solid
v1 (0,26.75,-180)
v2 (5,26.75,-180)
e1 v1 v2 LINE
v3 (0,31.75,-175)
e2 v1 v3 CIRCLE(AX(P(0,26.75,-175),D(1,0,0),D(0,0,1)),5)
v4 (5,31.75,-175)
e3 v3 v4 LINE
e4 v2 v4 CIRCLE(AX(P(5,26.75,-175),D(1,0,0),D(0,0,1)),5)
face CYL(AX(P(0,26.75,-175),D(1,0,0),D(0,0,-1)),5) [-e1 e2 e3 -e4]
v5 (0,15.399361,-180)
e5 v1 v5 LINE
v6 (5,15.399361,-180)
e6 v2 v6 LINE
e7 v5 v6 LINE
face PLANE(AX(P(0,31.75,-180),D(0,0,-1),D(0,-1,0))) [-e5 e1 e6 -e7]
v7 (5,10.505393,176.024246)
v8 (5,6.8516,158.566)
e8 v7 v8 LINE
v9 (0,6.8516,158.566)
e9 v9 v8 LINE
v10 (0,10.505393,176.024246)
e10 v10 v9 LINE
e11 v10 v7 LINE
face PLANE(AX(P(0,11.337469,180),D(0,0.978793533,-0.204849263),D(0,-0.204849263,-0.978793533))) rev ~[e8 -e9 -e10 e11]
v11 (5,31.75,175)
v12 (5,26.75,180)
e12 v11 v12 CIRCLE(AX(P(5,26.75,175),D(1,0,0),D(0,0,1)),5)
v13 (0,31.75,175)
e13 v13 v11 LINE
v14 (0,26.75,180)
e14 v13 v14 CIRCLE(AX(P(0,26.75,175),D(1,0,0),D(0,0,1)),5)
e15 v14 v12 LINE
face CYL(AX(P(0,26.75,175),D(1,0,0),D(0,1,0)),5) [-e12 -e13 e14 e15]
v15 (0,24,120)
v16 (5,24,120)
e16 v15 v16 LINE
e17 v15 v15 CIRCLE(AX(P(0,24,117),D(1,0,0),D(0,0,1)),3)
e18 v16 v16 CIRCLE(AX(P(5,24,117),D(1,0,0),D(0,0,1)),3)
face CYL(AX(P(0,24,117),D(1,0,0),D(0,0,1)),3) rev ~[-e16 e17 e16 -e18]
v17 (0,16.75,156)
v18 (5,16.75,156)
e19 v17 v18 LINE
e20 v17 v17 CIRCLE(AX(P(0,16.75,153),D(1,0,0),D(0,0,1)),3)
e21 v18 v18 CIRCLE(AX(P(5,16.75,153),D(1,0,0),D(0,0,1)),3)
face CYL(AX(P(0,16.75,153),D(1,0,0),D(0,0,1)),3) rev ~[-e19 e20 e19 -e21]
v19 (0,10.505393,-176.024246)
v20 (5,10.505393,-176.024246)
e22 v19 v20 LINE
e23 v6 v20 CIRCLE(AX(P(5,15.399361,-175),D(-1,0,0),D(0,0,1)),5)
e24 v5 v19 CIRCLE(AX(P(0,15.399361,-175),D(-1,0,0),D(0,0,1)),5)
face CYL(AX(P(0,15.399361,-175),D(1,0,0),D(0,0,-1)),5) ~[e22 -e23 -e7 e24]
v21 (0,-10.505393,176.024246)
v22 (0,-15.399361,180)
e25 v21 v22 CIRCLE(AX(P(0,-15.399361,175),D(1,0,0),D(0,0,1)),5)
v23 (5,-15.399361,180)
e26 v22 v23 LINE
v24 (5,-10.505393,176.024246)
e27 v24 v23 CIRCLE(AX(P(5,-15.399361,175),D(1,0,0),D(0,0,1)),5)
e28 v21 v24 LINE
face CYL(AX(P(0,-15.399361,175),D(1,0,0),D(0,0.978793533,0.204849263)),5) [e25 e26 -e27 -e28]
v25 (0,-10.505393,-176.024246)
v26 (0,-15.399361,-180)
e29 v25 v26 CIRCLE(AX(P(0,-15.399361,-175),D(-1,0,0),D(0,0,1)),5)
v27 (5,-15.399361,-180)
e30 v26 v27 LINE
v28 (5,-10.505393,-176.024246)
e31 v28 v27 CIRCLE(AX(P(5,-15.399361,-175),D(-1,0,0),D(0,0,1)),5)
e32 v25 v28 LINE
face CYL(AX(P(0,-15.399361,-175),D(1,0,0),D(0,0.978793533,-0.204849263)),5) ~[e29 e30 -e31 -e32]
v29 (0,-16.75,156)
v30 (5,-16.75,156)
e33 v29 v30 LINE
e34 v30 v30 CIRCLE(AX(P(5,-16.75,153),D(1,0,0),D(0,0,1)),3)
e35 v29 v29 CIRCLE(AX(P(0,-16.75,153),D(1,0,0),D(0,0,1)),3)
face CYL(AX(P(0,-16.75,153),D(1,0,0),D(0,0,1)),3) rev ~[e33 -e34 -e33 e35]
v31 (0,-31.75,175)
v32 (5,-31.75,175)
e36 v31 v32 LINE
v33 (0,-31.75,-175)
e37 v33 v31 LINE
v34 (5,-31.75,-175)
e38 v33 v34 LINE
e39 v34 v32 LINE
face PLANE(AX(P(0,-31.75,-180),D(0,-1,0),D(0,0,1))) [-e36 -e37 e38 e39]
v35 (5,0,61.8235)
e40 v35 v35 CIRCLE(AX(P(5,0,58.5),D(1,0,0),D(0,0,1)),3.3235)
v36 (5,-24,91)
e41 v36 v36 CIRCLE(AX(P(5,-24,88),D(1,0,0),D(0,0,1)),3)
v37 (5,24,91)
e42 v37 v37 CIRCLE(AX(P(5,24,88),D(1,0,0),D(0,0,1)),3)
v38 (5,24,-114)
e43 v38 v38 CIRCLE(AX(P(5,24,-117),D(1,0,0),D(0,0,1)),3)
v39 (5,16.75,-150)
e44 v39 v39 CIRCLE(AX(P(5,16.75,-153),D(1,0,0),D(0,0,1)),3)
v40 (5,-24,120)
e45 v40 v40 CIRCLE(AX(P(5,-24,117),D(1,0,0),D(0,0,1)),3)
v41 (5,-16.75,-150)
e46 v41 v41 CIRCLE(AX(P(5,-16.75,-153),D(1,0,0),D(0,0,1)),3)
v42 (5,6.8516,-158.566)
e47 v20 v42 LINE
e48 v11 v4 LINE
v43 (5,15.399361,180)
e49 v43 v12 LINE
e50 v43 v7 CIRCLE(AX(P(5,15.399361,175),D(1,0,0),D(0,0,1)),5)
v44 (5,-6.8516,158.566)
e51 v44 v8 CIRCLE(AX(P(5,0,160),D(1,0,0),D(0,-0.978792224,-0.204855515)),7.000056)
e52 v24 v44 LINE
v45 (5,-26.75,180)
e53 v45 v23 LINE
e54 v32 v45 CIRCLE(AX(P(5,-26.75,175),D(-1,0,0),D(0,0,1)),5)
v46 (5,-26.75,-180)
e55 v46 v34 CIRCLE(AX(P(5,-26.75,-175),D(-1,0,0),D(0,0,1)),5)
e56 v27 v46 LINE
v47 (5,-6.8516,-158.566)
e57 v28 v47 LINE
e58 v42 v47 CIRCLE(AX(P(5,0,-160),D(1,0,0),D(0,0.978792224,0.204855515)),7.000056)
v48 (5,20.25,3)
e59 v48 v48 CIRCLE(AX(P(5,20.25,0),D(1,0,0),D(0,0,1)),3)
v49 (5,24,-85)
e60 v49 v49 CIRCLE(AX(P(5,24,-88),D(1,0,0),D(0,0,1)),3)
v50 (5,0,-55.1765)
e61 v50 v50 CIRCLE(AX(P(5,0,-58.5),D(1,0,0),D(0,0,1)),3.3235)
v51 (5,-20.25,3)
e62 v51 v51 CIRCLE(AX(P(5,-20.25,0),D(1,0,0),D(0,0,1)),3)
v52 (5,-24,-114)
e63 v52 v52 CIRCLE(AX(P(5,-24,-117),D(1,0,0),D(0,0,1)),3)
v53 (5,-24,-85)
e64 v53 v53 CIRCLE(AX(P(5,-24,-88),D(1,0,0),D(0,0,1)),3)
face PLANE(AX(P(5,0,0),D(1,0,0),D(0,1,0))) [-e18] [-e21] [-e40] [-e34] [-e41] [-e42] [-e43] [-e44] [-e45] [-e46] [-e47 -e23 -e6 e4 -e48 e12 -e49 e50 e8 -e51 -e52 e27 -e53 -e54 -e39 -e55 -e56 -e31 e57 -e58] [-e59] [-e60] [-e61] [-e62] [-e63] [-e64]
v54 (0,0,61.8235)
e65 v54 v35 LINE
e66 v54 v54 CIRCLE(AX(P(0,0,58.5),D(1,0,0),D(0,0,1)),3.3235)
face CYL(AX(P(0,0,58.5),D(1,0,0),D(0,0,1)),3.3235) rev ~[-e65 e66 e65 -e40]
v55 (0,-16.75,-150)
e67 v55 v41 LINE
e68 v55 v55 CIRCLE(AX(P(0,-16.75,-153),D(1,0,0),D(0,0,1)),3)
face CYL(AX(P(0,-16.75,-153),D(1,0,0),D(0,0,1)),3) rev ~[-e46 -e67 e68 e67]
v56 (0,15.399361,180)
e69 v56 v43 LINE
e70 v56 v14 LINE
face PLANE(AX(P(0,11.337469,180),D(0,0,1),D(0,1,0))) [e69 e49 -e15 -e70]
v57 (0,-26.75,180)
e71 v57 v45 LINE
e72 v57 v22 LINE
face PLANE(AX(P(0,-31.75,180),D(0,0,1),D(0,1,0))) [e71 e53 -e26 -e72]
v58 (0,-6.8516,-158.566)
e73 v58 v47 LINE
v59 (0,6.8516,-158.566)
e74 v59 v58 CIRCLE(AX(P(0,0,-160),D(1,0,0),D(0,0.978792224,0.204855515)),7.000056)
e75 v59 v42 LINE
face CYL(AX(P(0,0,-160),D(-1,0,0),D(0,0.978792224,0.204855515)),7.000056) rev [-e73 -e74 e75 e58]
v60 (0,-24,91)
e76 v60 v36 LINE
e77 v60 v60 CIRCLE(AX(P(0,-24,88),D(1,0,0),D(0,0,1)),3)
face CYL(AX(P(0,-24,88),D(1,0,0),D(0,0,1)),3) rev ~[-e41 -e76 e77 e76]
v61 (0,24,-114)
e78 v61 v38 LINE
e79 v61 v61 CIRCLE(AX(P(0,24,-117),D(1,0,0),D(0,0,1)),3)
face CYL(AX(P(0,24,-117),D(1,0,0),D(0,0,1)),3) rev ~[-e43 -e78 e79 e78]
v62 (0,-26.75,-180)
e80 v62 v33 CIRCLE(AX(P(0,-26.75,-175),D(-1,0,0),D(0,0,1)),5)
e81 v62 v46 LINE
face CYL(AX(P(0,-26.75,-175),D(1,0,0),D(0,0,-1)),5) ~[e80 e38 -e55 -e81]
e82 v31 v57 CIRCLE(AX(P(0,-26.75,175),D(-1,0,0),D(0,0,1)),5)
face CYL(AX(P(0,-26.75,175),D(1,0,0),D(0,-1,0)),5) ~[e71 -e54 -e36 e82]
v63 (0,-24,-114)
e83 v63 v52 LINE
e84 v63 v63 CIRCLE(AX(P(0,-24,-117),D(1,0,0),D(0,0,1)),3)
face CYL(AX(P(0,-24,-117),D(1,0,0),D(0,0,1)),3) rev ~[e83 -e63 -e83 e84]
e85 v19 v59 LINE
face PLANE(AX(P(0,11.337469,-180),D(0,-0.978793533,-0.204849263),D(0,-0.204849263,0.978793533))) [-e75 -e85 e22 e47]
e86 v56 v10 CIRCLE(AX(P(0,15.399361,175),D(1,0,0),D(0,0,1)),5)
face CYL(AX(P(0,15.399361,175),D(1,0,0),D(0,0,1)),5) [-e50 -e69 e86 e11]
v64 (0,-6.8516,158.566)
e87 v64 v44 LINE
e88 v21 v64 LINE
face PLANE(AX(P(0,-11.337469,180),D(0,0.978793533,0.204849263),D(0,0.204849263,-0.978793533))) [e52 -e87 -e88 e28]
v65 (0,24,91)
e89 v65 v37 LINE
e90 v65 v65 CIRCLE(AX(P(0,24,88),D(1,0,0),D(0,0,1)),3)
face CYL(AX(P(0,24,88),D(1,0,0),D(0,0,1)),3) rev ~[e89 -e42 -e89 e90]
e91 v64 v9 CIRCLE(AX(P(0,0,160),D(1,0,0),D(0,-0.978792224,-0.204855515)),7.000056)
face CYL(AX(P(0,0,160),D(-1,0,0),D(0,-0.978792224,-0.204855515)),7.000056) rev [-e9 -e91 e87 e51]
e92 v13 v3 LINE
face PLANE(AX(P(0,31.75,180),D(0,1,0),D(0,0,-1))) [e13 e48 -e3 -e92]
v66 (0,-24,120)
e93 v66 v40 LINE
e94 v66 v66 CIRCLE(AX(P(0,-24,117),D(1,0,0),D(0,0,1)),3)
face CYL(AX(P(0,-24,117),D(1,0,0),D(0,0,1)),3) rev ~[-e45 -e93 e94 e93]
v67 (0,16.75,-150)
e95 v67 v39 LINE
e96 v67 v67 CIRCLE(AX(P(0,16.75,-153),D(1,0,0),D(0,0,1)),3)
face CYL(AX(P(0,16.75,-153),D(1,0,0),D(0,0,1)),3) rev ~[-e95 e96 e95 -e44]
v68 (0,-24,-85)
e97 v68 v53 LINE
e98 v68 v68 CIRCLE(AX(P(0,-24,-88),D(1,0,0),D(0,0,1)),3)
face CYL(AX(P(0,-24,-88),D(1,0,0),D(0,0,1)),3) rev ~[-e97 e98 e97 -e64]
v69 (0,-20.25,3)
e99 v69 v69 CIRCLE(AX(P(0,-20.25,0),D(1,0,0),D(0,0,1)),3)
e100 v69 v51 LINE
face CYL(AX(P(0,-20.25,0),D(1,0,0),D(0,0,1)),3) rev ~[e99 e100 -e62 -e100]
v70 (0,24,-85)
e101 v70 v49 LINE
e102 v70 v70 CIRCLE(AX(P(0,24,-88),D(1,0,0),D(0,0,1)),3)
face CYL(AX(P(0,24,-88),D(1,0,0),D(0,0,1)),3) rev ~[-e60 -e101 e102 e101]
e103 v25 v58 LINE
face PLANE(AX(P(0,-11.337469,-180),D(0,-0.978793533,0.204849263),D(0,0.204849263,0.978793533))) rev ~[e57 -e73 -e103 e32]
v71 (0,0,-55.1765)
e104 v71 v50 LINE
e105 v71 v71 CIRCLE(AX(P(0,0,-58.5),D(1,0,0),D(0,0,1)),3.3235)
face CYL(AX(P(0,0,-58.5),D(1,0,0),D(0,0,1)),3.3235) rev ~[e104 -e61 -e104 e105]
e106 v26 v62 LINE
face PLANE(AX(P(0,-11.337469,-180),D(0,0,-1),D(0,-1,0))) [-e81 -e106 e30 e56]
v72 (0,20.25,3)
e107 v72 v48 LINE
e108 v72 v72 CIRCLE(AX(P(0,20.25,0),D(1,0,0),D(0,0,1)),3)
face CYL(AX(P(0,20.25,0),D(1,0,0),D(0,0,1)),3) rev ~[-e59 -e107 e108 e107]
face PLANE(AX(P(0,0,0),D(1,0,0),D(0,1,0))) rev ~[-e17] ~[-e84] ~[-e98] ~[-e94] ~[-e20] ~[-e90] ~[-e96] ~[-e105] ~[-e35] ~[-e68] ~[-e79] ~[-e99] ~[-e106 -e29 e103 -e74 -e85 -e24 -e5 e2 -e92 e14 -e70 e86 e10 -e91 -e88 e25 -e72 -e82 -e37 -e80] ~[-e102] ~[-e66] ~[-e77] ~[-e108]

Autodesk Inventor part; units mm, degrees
ref_plane "YZ Plane" through (0, 0, 0) normal (1, 0, 0) x (0, 1, 0)
ref_plane "XZ Plane" through (0, 0, 0) normal (0, 1, 0) x (-1, 0, 0)
ref_plane "XY Plane" through (0, 0, 0) normal (0, 0, 1) x (1, 0, 0)
sketch "Sketch1" plane through (0, 0, 0) normal (1, 0, 0) x (0, 1, 0)
  line L0 (31.75, -180) -> (-31.75, -180)
  line L1 (-31.75, -180) -> (-31.75, 180)
  line L2 (-31.75, 180) -> (31.75, 180)
  line L3 (31.75, 180) -> (31.75, -180)
  line L4 (31.75, -180) -> (-31.75, 180) construction
  line L5 (-31.75, -180) -> (31.75, 180) construction
  line L6 (-31.75, 0) -> (31.75, 0) construction
  line L7 (0, 180) -> (0, -180) construction
  line L8 (24, -88) -> (-24, -88) construction
  line L9 (24, -117) -> (-24, -117) construction
  line L10 (16.75, -153) -> (-16.75, -153) construction
  line L11 (24, 88) -> (-24, 88) construction
  line L12 (24, 117) -> (-24, 117) construction
  line L13 (16.75, 153) -> (-16.75, 153) construction
  line L14 (24, -117) -> (24, -88) construction
  arc A0 (-6.8516, 158.566) -> (6.8516, 158.566) centre (0, 160) ccw
  line L15 (-15, 197.5) -> (15, 197.5)
  line L16 (15, 197.5) -> (6.8516, 158.566)
  line L17 (-15, 197.5) -> (-6.8516, 158.566)
  arc A1 (6.8516, -158.566) -> (-6.8516, -158.566) centre (0, -160) ccw
  line L18 (-15, -197.5) -> (15, -197.5)
  line L19 (15, -197.5) -> (6.8516, -158.566)
  line L20 (-15, -197.5) -> (-6.8516, -158.566)
  point P0 (0, 0)
  point P1 (-20.25, 0)
  point P2 (20.25, 0)
  point P3 (0, 153)
  point P4 (-11.3374, -180)
  point P5 (11.3374, -180)
  point P6 (11.3374, 180)
  point P7 (-11.3374, 180)
  point P8 (0, 58.5)
  point P9 (0, -58.5)
  dimension "d0" = 63.5
  dimension "d1" = 360
  dimension "d2" = 40.5
  dimension "d3" = 176
  dimension "d4" = 29
  dimension "d5" = 48
  dimension "d6" = 33.5
  dimension "d7" = 306
  dimension "d8" = 30
  dimension "d9" = 37.5
  dimension "d10" = 14
  dimension "d11" = 320
  dimension "d21" = 117
extrude "Extrusion1" add sketch "Sketch1" along normal blind 5 contours L0 L19 A1 L20 L1 L2 L17 A0 L16 L3
hole "Hole1" at (0, -20.25, 0) at (0, 20.25, 0) at (0, 24, -88) at (0, 24, -117) at (0, 16.75, -153) at (0, -24, -88) at (0, -24, -117) at (0, -16.75, -153) at (0, 24, 88) at (0, 24, 117) at (0, 16.75, 153) at (0, -16.75, 153) at (0, -24, 117) at (0, -24, 88) at (0, 0, 160) at (0, 0, -160) direction (1, 0, 0) diameter 6 end through all
hole "Hole2" at (0, 0, 58.5) at (0, 0, -58.5) direction (1, 0, 0) diameter 6.647 end through all thread size "M8x1.25" class "6H" standard "ANSI Metric M Profile"
fillet "Fillet1" radius 5 8 edges at (2.5, 31.75, 180) (2.5, -31.75, 180) (2.5, 31.75, -180) (2.5, 11.3374, -180) (2.5, -11.3374, -180) (2.5, -31.75, -180) (2.5, -11.3374, 180) (2.5, 11.3374, 180)
properties part number "ServoMotorsInitialPositioningFrame" material "Aluminum 7075"
